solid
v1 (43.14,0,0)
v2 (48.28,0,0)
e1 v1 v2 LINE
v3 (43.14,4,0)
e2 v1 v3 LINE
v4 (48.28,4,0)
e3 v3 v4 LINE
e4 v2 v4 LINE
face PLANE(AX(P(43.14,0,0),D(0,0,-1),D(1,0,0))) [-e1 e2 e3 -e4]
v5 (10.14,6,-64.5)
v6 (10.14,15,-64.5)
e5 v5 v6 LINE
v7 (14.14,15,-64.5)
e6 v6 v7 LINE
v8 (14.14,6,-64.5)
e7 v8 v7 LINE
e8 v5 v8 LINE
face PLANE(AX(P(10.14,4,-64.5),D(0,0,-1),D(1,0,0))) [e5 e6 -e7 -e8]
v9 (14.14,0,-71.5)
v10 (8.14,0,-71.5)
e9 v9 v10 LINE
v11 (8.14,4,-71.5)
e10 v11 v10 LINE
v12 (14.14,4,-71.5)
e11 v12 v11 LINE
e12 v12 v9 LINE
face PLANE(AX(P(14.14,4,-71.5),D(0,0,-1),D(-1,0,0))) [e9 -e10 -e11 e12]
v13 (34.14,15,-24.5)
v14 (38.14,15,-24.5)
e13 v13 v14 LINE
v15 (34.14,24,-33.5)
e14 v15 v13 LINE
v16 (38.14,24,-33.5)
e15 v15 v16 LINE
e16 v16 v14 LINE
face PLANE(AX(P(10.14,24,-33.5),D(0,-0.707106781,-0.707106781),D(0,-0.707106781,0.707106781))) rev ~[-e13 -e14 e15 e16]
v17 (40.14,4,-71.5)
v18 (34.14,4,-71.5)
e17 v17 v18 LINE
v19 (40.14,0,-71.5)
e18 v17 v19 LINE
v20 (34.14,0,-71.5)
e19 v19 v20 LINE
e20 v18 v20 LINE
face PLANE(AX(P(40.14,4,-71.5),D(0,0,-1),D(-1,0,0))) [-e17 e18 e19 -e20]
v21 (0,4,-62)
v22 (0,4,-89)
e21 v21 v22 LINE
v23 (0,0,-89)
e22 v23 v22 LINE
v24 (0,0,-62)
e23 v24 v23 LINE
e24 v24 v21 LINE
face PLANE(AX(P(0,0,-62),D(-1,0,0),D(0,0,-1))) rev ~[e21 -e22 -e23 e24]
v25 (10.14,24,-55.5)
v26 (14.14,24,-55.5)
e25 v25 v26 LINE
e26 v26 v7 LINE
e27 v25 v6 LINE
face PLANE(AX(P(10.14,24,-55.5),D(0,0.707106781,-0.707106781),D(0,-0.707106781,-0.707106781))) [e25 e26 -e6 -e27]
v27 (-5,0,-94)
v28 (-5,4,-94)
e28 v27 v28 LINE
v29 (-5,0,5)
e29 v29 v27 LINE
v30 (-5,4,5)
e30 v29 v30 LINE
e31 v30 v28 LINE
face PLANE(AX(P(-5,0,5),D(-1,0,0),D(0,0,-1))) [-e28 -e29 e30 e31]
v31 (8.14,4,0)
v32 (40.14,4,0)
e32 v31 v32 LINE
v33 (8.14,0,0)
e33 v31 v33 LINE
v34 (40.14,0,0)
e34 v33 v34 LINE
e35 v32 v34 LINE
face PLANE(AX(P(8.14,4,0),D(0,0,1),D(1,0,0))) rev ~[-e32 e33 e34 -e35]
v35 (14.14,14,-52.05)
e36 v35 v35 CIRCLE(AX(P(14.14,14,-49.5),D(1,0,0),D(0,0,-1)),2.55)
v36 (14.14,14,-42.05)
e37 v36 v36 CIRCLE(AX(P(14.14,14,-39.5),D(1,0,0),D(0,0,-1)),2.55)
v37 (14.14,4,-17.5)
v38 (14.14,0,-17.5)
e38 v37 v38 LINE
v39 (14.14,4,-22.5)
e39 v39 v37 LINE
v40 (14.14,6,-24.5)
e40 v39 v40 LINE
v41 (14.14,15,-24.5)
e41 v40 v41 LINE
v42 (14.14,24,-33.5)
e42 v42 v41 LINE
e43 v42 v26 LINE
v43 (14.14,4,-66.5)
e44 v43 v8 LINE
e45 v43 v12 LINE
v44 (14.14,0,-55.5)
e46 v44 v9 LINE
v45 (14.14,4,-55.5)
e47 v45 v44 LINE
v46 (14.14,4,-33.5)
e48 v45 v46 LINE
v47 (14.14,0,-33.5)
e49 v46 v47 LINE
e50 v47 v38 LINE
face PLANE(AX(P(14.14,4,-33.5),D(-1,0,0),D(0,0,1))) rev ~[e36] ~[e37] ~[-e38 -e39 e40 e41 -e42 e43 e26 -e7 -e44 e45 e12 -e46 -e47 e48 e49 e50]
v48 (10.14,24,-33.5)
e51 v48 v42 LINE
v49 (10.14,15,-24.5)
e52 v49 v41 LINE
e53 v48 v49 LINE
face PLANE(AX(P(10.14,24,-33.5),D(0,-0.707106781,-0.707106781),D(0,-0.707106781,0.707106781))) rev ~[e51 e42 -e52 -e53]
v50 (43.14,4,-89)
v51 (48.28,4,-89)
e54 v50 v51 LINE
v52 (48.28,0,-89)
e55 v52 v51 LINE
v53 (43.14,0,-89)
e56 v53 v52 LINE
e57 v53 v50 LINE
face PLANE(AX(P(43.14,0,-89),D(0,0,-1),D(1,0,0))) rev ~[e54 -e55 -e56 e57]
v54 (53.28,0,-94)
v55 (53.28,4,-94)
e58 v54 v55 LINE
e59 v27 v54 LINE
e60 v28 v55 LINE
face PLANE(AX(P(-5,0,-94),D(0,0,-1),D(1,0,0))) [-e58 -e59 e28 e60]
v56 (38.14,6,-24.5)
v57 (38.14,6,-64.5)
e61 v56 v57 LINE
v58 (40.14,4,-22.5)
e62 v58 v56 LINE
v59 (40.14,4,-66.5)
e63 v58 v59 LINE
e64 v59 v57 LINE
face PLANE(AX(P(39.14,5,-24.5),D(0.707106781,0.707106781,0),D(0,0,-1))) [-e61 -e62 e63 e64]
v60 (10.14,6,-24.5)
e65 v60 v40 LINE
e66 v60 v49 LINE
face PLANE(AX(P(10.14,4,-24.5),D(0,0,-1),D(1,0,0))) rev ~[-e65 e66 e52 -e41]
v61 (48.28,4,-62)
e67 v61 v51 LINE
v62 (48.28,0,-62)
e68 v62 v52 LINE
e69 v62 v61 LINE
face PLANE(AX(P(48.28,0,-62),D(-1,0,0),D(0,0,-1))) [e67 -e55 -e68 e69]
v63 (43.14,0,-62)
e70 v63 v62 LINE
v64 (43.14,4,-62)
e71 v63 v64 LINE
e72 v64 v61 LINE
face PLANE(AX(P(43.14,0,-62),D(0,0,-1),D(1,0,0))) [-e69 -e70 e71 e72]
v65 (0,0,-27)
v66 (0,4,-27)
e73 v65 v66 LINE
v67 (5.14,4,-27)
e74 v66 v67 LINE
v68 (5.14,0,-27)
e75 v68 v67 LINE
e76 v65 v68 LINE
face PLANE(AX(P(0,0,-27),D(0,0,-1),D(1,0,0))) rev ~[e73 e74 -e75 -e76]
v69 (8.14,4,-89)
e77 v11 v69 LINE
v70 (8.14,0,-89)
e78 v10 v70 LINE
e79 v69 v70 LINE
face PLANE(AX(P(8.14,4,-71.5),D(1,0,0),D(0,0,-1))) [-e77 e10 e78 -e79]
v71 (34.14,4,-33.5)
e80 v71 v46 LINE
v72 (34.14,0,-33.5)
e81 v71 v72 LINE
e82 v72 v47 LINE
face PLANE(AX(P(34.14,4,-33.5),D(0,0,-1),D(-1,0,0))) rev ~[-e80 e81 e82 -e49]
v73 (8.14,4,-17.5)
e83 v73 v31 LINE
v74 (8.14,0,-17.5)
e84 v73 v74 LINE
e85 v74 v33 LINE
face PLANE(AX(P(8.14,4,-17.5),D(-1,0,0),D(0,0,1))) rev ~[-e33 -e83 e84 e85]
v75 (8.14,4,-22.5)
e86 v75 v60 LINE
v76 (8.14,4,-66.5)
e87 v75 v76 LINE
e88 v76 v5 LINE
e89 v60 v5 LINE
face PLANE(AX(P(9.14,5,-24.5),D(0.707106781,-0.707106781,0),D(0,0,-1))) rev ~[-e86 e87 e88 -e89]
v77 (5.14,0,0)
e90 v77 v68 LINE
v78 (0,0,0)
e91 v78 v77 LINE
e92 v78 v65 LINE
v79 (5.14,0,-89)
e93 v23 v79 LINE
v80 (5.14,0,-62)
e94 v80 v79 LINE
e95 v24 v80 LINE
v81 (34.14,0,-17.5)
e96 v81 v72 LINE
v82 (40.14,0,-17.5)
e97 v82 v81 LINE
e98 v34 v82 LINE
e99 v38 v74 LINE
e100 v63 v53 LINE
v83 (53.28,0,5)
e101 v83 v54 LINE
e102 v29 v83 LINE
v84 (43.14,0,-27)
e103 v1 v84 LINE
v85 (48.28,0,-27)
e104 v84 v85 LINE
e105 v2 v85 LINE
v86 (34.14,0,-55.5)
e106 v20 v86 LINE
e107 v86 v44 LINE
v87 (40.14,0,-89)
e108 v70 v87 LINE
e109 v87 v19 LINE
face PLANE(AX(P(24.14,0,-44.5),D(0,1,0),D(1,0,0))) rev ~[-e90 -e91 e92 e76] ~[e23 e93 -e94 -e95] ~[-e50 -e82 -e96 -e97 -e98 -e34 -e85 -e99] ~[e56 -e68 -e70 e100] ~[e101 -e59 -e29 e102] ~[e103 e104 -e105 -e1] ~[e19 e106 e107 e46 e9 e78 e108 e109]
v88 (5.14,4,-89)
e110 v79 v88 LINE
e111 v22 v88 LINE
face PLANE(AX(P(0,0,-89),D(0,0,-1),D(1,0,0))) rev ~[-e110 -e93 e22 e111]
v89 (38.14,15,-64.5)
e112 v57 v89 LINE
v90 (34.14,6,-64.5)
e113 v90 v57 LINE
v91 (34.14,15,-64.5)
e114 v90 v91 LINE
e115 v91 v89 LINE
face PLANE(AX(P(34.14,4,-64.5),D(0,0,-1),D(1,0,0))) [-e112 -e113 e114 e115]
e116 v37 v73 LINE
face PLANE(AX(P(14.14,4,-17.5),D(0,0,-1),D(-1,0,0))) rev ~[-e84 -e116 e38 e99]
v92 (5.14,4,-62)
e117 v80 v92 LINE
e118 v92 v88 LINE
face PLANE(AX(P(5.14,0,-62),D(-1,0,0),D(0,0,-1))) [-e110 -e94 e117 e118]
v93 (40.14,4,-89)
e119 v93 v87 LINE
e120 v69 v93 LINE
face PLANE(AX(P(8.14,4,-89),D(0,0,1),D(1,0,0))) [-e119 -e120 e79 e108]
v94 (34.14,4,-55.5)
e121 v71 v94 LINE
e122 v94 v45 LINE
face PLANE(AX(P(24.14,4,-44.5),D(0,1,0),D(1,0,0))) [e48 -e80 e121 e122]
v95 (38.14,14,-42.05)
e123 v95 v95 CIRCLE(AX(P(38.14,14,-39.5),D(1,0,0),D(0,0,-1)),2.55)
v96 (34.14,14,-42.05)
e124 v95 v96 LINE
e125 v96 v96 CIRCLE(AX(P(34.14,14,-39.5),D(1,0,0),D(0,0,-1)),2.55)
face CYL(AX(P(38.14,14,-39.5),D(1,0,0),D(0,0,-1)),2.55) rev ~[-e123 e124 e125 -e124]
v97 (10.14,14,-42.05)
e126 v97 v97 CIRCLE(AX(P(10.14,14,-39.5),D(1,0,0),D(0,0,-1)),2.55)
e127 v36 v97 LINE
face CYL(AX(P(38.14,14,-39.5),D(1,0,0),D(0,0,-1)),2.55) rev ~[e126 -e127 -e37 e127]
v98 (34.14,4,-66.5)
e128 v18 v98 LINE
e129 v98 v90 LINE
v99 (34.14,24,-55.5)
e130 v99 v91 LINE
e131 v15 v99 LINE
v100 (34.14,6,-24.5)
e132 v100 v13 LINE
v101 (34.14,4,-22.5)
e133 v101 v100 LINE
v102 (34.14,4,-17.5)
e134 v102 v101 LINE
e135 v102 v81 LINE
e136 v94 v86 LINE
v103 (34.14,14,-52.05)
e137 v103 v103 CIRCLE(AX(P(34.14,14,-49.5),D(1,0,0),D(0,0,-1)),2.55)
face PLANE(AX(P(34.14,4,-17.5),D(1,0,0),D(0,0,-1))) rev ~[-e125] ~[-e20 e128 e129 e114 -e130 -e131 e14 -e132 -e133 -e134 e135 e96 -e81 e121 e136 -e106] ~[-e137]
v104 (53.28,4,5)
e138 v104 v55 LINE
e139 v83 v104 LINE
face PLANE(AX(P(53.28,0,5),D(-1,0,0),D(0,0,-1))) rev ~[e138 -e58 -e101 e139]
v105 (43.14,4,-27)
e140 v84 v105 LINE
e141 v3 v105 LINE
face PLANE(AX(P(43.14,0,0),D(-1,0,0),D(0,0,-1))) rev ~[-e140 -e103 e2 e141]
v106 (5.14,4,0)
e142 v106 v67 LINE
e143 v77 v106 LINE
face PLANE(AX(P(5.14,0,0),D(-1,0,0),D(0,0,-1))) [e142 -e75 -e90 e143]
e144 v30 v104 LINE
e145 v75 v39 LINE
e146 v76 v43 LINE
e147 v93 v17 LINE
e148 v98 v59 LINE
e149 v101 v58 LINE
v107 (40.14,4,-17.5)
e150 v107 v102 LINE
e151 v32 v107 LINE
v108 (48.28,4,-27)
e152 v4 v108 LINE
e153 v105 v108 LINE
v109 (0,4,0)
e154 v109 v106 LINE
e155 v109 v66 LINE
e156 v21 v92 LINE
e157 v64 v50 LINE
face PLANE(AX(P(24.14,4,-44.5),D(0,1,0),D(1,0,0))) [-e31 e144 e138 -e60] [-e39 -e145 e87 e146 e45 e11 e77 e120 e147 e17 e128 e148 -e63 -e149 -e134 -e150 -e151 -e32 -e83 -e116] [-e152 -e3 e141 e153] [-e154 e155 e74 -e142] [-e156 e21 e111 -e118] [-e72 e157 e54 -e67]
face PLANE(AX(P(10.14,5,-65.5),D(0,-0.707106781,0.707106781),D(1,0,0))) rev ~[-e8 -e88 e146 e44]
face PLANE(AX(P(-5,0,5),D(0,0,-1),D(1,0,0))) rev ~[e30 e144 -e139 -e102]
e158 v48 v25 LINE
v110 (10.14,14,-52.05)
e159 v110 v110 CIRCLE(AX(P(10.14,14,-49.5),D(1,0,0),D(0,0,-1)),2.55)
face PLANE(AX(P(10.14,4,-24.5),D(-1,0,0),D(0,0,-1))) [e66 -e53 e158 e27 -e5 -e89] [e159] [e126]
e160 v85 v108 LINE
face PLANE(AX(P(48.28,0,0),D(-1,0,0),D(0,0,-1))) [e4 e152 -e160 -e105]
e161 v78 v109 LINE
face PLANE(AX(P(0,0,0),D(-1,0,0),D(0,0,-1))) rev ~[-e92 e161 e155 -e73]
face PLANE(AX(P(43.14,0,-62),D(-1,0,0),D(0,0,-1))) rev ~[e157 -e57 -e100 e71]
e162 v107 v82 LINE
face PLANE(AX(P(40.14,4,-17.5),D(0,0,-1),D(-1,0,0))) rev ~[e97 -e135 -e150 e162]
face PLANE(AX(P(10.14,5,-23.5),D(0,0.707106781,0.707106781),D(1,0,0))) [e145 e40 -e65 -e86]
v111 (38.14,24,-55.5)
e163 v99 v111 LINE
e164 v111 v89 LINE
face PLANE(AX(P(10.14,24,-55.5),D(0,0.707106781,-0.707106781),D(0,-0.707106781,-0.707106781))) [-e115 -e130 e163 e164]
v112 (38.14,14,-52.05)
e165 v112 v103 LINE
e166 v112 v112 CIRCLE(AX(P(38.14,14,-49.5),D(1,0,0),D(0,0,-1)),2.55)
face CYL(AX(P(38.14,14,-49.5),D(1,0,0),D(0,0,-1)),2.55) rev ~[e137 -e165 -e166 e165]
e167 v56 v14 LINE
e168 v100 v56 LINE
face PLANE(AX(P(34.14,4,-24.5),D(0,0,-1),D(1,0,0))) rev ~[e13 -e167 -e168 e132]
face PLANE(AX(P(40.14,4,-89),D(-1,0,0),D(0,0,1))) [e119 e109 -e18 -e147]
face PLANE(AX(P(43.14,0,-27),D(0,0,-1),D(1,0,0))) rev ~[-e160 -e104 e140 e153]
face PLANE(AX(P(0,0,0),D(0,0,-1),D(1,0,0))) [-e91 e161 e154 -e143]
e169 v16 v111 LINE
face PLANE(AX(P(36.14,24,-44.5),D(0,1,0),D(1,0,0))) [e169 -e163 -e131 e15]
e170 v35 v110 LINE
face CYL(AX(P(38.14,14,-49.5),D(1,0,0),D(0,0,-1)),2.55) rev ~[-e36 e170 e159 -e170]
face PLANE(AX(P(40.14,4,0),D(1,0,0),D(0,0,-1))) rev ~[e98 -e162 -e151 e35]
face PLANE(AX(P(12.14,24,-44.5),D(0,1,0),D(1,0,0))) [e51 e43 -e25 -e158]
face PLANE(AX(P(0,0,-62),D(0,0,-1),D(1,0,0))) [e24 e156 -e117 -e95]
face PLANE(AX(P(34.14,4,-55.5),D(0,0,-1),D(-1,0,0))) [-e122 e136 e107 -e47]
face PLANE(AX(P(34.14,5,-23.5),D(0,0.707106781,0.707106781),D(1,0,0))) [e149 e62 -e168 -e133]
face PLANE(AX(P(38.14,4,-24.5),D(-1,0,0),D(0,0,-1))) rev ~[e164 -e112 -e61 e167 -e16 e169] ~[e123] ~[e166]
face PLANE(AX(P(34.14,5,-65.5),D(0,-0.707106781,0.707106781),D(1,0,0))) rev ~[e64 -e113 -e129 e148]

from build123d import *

# Parameters (mm, degrees)
SKETCH1_W           = 58.28
SKETCH1_H           = 99
SKETCH1_W_2         = 5.14
SKETCH1_H_2         = 27
BOSS_EXTRUDE1_DEPTH = 4
SKETCH2_W           = 4
SKETCH2_H           = 40
BOSS_EXTRUDE2_DEPTH = 20
CUT_EXTRUDE1_REACH  = 108.175
SKETCH3_R           = 2.55
CHAMFER1_SIZE       = 2
CUT_EXTRUDE2_REACH  = 108.175
CUT_EXTRUDE3_DEPTH  = 4


with BuildPart() as part:
    # Sketch1 → Boss-Extrude1 (new body)
    with BuildSketch(Plane(origin=(0, 0, 0), x_dir=(1, 0, 0), z_dir=(0, 1, 0))):
        with Locations((24.14, 44.5)):
            Rectangle(SKETCH1_W, SKETCH1_H)
        with Locations((2.57, 75.5)):
            Rectangle(SKETCH1_W_2, SKETCH1_H_2, mode=Mode.SUBTRACT)
        with Locations((45.71, 75.5)):
            Rectangle(SKETCH1_W_2, SKETCH1_H_2, mode=Mode.SUBTRACT)
        with Locations((2.57, 13.5)):
            Rectangle(SKETCH1_W_2, SKETCH1_H_2, mode=Mode.SUBTRACT)
        with Locations((45.71, 13.5)):
            Rectangle(SKETCH1_W_2, SKETCH1_H_2, mode=Mode.SUBTRACT)
    extrude(amount=BOSS_EXTRUDE1_DEPTH)

    # Sketch2 → Boss-Extrude2 (add)
    with BuildSketch(Plane(origin=(0, 4, 0), x_dir=(1, 0, 0), z_dir=(0, 1, 0))):
        with Locations((12.14, 44.5)):
            Rectangle(SKETCH2_W, SKETCH2_H)
        with Locations((36.14, 44.5)):
            Rectangle(SKETCH2_W, SKETCH2_H)
    extrude(amount=BOSS_EXTRUDE2_DEPTH)

    # Cut-Extrude1: up to this face of the body (flat: up to its plane)
    cut_extrude1_end = Plane(part.part.faces().sort_by_distance((10.14, 14, -44.5))[0])
    # Sketch3 → Cut-Extrude1 (cut, up to the picked face)
    with BuildSketch(Plane(origin=(38.14, 0, 0), x_dir=(0, 0, -1), z_dir=(1, 0, 0)), mode=Mode.PRIVATE) as cut_extrude1_sk1:
        with Locations((39.5, 14)):
            Circle(SKETCH3_R)
    cut_extrude1_tool1 = split(extrude(cut_extrude1_sk1.sketch, amount=-CUT_EXTRUDE1_REACH, mode=Mode.PRIVATE), bisect_by=cut_extrude1_end, keep=Keep.BOTH, mode=Mode.PRIVATE)
    # Sketch3 → Cut-Extrude1 (cut, up to the picked face)
    with BuildSketch(Plane(origin=(38.14, 0, 0), x_dir=(0, 0, -1), z_dir=(1, 0, 0)), mode=Mode.PRIVATE) as cut_extrude1_sk2:
        with Locations((49.5, 14)):
            Circle(SKETCH3_R)
    cut_extrude1_tool2 = split(extrude(cut_extrude1_sk2.sketch, amount=-CUT_EXTRUDE1_REACH, mode=Mode.PRIVATE), bisect_by=cut_extrude1_end, keep=Keep.BOTH, mode=Mode.PRIVATE)
    add(cut_extrude1_tool1.solids().sort_by(Axis((38.14, 14, -39.5), (-1, 0, 0)))[0], mode=Mode.SUBTRACT)
    add(cut_extrude1_tool2.solids().sort_by(Axis((38.14, 14, -49.5), (-1, 0, 0)))[0], mode=Mode.SUBTRACT)

    # Chamfer1
    chamfer1_edges = [part.edges().sort_by_distance(p)[0] for p in [
        (12.14, 4, -64.5),
        (10.14, 4, -44.5),
        (12.14, 4, -24.5),
        (36.14, 4, -24.5),
        (38.14, 4, -44.5),
        (36.14, 4, -64.5),
    ]]
    chamfer(chamfer1_edges, length=CHAMFER1_SIZE)

    # Cut-Extrude2: up to this face of the body (flat: up to its plane)
    cut_extrude2_end = Plane(part.part.faces().sort_by_distance((38.14, 15.060158725, -44.5))[0])
    # Sketch4 → Cut-Extrude2 (cut, up to the picked face)
    with BuildSketch(Plane.ZY.offset(-10.14), mode=Mode.PRIVATE) as cut_extrude2_sk1:
        Polygon((-55.5, 24), (-64.5, 15), (-64.5, 24), align=None)
    cut_extrude2_tool1 = split(extrude(cut_extrude2_sk1.sketch, amount=-CUT_EXTRUDE2_REACH, mode=Mode.PRIVATE), bisect_by=cut_extrude2_end, keep=Keep.BOTH, mode=Mode.PRIVATE)
    # Sketch4 → Cut-Extrude2 (cut, up to the picked face)
    with BuildSketch(Plane.ZY.offset(-10.14), mode=Mode.PRIVATE) as cut_extrude2_sk2:
        Polygon((-33.5, 24), (-24.5, 15), (-24.5, 24), align=None)
    cut_extrude2_tool2 = split(extrude(cut_extrude2_sk2.sketch, amount=-CUT_EXTRUDE2_REACH, mode=Mode.PRIVATE), bisect_by=cut_extrude2_end, keep=Keep.BOTH, mode=Mode.PRIVATE)
    add(cut_extrude2_tool1.solids().sort_by(Axis((10.14, 21, -61.5), (1, 0, 0)))[0], mode=Mode.SUBTRACT)
    add(cut_extrude2_tool2.solids().sort_by(Axis((10.14, 21, -27.5), (1, 0, 0)))[0], mode=Mode.SUBTRACT)

    # Sketch5 → Cut-Extrude3 (cut)
    with BuildSketch(Plane(origin=(0, 4, 0), x_dir=(1, 0, 0), z_dir=(0, 1, 0))):
        Polygon((8.14, 89), (40.14, 89), (40.14, 71.5), (34.14, 71.5), (34.14, 55.5), (14.14, 55.5), (14.14, 71.5), (8.14, 71.5), align=None)
        Polygon((8.14, 0), (40.14, 0), (40.14, 17.5), (34.14, 17.5), (34.14, 33.5), (14.14, 33.5), (14.14, 17.5), (8.14, 17.5), align=None)
    extrude(amount=-CUT_EXTRUDE3_DEPTH, mode=Mode.SUBTRACT)


solid = part.part
